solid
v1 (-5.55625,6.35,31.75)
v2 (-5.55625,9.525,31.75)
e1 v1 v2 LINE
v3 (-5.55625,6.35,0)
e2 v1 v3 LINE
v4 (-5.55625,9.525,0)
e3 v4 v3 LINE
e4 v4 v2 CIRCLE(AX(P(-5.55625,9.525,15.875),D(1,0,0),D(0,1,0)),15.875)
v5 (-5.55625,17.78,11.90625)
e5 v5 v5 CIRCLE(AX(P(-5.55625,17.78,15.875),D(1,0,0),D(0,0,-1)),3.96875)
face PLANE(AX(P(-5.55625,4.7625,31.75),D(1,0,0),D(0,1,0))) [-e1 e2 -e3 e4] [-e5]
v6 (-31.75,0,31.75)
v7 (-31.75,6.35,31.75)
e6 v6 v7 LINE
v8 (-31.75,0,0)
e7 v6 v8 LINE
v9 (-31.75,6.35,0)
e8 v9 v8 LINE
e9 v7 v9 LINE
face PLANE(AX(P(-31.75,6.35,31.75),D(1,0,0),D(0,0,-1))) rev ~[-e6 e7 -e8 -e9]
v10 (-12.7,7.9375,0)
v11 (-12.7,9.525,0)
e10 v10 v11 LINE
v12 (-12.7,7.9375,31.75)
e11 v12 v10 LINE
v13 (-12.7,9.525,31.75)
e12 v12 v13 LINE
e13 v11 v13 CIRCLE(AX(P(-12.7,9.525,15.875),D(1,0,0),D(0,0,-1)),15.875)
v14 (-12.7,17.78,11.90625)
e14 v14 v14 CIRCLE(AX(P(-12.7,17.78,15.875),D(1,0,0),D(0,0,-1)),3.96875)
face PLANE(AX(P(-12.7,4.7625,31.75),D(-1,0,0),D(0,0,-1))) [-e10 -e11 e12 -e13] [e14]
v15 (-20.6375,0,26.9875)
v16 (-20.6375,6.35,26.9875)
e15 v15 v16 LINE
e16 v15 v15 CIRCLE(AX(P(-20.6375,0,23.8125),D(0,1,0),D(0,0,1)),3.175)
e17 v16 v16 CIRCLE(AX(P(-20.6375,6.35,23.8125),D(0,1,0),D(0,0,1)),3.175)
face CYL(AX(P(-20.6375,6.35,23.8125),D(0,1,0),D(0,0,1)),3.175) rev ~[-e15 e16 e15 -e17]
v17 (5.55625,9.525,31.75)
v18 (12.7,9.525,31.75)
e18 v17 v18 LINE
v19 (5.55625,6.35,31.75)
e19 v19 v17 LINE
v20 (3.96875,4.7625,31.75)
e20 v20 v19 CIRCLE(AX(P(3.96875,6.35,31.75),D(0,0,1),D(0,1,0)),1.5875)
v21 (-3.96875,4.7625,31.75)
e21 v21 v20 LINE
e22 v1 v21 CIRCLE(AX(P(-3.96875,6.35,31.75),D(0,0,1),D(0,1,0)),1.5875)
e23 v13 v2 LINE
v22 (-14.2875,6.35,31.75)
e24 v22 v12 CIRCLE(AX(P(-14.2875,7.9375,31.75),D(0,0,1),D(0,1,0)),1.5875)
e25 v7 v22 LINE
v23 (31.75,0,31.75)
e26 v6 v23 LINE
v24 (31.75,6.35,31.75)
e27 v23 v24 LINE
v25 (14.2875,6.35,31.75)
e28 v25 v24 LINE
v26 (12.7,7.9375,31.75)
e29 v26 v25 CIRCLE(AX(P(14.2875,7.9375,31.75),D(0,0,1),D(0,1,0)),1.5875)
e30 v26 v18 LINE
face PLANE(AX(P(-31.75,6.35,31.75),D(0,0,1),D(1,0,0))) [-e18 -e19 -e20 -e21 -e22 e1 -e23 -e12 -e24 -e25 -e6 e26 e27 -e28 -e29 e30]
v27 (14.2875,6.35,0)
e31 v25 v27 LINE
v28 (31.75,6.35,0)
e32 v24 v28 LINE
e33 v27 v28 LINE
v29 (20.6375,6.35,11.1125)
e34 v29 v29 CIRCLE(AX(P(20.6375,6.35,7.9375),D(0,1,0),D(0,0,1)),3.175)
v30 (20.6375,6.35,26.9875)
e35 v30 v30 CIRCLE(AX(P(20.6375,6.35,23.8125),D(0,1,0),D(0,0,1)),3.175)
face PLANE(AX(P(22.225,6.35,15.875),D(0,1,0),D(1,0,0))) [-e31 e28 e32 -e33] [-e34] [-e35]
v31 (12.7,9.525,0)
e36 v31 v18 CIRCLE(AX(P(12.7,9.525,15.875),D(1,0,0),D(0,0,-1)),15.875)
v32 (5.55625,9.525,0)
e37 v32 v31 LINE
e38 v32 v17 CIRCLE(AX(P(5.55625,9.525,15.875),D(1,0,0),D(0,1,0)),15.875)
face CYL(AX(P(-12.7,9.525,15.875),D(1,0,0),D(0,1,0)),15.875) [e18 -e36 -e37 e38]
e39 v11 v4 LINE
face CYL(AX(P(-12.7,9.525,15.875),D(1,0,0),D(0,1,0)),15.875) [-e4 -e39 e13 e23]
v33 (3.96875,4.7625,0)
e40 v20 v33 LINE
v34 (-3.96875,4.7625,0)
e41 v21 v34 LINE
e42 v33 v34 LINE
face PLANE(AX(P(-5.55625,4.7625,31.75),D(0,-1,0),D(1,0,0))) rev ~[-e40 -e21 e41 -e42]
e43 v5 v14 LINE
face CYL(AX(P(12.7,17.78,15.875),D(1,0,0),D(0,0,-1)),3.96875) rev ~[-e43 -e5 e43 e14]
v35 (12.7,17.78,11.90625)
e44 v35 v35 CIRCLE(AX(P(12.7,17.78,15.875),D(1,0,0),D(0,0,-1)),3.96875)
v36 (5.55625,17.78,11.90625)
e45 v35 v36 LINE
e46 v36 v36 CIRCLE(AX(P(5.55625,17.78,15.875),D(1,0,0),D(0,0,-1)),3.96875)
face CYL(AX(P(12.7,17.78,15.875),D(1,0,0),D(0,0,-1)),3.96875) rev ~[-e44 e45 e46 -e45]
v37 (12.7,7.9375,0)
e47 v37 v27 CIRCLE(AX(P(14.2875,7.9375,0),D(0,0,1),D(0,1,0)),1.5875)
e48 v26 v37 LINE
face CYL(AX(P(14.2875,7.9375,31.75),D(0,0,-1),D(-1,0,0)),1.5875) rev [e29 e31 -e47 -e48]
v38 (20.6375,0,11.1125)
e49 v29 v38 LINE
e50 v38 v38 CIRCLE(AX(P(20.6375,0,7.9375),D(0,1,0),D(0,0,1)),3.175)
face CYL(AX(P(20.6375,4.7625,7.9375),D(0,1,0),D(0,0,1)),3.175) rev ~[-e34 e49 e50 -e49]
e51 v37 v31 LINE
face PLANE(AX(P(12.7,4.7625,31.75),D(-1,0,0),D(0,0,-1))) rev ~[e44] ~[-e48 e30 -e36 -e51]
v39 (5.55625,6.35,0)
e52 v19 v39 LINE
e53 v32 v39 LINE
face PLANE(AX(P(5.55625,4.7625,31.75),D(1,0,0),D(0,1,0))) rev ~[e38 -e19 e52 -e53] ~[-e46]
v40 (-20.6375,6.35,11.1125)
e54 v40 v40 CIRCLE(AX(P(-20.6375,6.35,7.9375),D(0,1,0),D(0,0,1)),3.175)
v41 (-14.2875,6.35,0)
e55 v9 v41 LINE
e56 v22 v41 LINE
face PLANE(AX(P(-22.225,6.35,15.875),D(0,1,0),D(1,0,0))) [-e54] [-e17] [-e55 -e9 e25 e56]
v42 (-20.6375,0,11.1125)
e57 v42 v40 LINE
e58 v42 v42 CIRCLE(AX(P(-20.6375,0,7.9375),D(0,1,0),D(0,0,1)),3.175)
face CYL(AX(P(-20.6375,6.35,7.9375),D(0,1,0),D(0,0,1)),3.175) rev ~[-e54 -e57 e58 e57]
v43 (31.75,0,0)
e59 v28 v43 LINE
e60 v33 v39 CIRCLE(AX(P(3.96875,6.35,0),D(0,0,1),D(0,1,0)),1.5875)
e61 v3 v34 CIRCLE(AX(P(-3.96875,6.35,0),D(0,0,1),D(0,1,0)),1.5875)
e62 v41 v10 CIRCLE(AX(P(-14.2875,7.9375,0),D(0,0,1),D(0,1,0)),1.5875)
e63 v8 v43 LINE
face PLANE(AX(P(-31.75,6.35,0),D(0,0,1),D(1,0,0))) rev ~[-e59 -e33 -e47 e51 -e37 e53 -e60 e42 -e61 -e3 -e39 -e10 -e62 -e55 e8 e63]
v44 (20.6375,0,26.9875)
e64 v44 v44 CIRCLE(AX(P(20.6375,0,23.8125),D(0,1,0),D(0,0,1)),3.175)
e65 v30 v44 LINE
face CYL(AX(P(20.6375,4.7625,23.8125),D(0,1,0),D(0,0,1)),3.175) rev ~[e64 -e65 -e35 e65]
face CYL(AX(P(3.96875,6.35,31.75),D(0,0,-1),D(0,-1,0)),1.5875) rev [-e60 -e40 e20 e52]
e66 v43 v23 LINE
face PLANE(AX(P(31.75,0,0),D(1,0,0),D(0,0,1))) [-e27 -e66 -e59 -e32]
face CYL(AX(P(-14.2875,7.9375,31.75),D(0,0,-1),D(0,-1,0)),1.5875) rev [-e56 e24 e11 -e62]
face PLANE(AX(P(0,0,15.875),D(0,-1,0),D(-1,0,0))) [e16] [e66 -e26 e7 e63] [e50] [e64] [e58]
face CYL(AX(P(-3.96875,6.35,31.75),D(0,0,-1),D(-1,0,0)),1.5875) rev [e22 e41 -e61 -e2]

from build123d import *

# Parameters (mm, degrees)
BOSS_EXTRUDE1_DEPTH = 4.7625
SKETCH2_W           = 25.4
SKETCH2_H           = 31.75
BOSS_EXTRUDE2_DEPTH = 20.6375
SKETCH4_R           = 3.96875
CUT_EXTRUDE2_DEPTH  = 61.241389426
FILLET2_RADIUS      = 15.875
FILLET2_LENGTH      = 25.4
SKETCH5_W           = 11.1125
SKETCH5_H           = 24.885554027
CUT_EXTRUDE3_DEPTH  = 52.587643869
SKETCH6_R           = 3.175
CUT_EXTRUDE4_DEPTH  = 50.416914172
BOSS_EXTRUDE3_START = 1.5875
SKETCH10_W          = 19.05
SKETCH10_H          = 31.75
SKETCH10_R          = 3.175
BOSS_EXTRUDE3_DEPTH = 1.5875
FILLET3_R           = 1.5875


with BuildPart() as part:
    # Sketch1 → Boss-Extrude1 (new body)
    with BuildSketch(Plane(origin=(0, 0, 0), x_dir=(1, 0, 0), z_dir=(0, 1, 0))):
        Polygon((-31.75, 0), (31.75, 0), (31.75, -31.75), (15.875, -31.75), (-15.875, -31.75), (-31.75, -31.75), align=None)
    extrude(amount=BOSS_EXTRUDE1_DEPTH)

    # Sketch2 → Boss-Extrude2 (add)
    with BuildSketch(Plane(origin=(0, 4.7625, 0), x_dir=(1, 0, 0), z_dir=(0, 1, 0))):
        with Locations((0, -15.875)):
            Rectangle(SKETCH2_W, SKETCH2_H)
    extrude(amount=BOSS_EXTRUDE2_DEPTH)

    # Sketch4 → Cut-Extrude2 (cut, through all)
    with BuildSketch(Plane(origin=(12.7, 0, 0), x_dir=(0, 0, -1), z_dir=(1, 0, 0))):
        with Locations((-15.875, 17.78)):
            Circle(SKETCH4_R)
    extrude(amount=-CUT_EXTRUDE2_DEPTH, mode=Mode.SUBTRACT)

    # Fillet2: full round fillet: the end face becomes a half cylinder, R = half its width
    fillet2_face = Plane((0, 25.4, 15.875), x_dir=(1, 0, 0), z_dir=(0, 1, 0))  # on the end face: x along it, z out of the body
    fillet2_slab = fillet2_face.offset(-FILLET2_RADIUS / 2) * Box(FILLET2_LENGTH, 2 * FILLET2_RADIUS, FILLET2_RADIUS, mode=Mode.PRIVATE)  # the body's end, R deep
    fillet2_round = Plane((0, 9.525, 15.875), x_dir=(0, 1, 0), z_dir=(1, 0, 0)) * Cylinder(FILLET2_RADIUS, FILLET2_LENGTH, mode=Mode.PRIVATE)  # its axis R under the face
    add(fillet2_slab - fillet2_round, mode=Mode.SUBTRACT)

    # Sketch5 → Cut-Extrude3 (cut, through all)
    with BuildSketch(Plane.XY.offset(31.75)):
        with Locations((0, 17.205277014)):
            Rectangle(SKETCH5_W, SKETCH5_H)
    extrude(amount=-CUT_EXTRUDE3_DEPTH, mode=Mode.SUBTRACT)

    # Sketch6 → Cut-Extrude4 (cut, through all)
    with BuildSketch(Plane(origin=(0, 4.7625, 0), x_dir=(1, 0, 0), z_dir=(0, 1, 0))):
        with Locations(Location((-20.6375, -7.9375, 0), (0, 0, 270))):
            Circle(SKETCH6_R)
        with Locations(Location((20.6375, -7.9375, 0), (0, 0, 270))):
            Circle(SKETCH6_R)
        with Locations(Location((20.6375, -23.8125, 0), (0, 0, 270))):
            Circle(SKETCH6_R)
        with Locations(Location((-20.6375, -23.8125, 0), (0, 0, 270))):
            Circle(SKETCH6_R)
    extrude(amount=-CUT_EXTRUDE4_DEPTH, mode=Mode.SUBTRACT)

    # Sketch10 → Boss-Extrude3 (add)
    # profile 1 of 2: a face of its own
    with BuildSketch(Plane(origin=(0, 4.7625, 0), x_dir=(1, 0, 0), z_dir=(0, 1, 0)).offset(BOSS_EXTRUDE3_START)):
        with Locations((-22.225, -15.875)):
            Rectangle(SKETCH10_W, SKETCH10_H)
        with Locations(Location((-20.6375, -23.8125, 0), (0, 0, 270))):
            Circle(SKETCH10_R, mode=Mode.SUBTRACT)
        with Locations(Location((-20.6375, -7.9375, 0), (0, 0, 270))):
            Circle(SKETCH10_R, mode=Mode.SUBTRACT)
    # profile 2 of 2: a face of its own
    with BuildSketch(Plane(origin=(0, 4.7625, 0), x_dir=(1, 0, 0), z_dir=(0, 1, 0)).offset(BOSS_EXTRUDE3_START)):
        with Locations((22.225, -15.875)):
            Rectangle(SKETCH10_W, SKETCH10_H)
        with Locations(Location((20.6375, -7.9375, 0), (0, 0, 270))):
            Circle(SKETCH10_R, mode=Mode.SUBTRACT)
        with Locations(Location((20.6375, -23.8125, 0), (0, 0, 270))):
            Circle(SKETCH10_R, mode=Mode.SUBTRACT)
    extrude(amount=-BOSS_EXTRUDE3_DEPTH)

    # Fillet3
    fillet3_edges = [part.edges().sort_by_distance(p)[0] for p in [
        (12.7, 6.35, 15.875),
        (5.55625, 4.7625, 15.875),
        (-5.55625, 4.7625, 15.875),
        (-12.7, 6.35, 15.875),
    ]]
    fillet(fillet3_edges, radius=FILLET3_R)


solid = part.part
